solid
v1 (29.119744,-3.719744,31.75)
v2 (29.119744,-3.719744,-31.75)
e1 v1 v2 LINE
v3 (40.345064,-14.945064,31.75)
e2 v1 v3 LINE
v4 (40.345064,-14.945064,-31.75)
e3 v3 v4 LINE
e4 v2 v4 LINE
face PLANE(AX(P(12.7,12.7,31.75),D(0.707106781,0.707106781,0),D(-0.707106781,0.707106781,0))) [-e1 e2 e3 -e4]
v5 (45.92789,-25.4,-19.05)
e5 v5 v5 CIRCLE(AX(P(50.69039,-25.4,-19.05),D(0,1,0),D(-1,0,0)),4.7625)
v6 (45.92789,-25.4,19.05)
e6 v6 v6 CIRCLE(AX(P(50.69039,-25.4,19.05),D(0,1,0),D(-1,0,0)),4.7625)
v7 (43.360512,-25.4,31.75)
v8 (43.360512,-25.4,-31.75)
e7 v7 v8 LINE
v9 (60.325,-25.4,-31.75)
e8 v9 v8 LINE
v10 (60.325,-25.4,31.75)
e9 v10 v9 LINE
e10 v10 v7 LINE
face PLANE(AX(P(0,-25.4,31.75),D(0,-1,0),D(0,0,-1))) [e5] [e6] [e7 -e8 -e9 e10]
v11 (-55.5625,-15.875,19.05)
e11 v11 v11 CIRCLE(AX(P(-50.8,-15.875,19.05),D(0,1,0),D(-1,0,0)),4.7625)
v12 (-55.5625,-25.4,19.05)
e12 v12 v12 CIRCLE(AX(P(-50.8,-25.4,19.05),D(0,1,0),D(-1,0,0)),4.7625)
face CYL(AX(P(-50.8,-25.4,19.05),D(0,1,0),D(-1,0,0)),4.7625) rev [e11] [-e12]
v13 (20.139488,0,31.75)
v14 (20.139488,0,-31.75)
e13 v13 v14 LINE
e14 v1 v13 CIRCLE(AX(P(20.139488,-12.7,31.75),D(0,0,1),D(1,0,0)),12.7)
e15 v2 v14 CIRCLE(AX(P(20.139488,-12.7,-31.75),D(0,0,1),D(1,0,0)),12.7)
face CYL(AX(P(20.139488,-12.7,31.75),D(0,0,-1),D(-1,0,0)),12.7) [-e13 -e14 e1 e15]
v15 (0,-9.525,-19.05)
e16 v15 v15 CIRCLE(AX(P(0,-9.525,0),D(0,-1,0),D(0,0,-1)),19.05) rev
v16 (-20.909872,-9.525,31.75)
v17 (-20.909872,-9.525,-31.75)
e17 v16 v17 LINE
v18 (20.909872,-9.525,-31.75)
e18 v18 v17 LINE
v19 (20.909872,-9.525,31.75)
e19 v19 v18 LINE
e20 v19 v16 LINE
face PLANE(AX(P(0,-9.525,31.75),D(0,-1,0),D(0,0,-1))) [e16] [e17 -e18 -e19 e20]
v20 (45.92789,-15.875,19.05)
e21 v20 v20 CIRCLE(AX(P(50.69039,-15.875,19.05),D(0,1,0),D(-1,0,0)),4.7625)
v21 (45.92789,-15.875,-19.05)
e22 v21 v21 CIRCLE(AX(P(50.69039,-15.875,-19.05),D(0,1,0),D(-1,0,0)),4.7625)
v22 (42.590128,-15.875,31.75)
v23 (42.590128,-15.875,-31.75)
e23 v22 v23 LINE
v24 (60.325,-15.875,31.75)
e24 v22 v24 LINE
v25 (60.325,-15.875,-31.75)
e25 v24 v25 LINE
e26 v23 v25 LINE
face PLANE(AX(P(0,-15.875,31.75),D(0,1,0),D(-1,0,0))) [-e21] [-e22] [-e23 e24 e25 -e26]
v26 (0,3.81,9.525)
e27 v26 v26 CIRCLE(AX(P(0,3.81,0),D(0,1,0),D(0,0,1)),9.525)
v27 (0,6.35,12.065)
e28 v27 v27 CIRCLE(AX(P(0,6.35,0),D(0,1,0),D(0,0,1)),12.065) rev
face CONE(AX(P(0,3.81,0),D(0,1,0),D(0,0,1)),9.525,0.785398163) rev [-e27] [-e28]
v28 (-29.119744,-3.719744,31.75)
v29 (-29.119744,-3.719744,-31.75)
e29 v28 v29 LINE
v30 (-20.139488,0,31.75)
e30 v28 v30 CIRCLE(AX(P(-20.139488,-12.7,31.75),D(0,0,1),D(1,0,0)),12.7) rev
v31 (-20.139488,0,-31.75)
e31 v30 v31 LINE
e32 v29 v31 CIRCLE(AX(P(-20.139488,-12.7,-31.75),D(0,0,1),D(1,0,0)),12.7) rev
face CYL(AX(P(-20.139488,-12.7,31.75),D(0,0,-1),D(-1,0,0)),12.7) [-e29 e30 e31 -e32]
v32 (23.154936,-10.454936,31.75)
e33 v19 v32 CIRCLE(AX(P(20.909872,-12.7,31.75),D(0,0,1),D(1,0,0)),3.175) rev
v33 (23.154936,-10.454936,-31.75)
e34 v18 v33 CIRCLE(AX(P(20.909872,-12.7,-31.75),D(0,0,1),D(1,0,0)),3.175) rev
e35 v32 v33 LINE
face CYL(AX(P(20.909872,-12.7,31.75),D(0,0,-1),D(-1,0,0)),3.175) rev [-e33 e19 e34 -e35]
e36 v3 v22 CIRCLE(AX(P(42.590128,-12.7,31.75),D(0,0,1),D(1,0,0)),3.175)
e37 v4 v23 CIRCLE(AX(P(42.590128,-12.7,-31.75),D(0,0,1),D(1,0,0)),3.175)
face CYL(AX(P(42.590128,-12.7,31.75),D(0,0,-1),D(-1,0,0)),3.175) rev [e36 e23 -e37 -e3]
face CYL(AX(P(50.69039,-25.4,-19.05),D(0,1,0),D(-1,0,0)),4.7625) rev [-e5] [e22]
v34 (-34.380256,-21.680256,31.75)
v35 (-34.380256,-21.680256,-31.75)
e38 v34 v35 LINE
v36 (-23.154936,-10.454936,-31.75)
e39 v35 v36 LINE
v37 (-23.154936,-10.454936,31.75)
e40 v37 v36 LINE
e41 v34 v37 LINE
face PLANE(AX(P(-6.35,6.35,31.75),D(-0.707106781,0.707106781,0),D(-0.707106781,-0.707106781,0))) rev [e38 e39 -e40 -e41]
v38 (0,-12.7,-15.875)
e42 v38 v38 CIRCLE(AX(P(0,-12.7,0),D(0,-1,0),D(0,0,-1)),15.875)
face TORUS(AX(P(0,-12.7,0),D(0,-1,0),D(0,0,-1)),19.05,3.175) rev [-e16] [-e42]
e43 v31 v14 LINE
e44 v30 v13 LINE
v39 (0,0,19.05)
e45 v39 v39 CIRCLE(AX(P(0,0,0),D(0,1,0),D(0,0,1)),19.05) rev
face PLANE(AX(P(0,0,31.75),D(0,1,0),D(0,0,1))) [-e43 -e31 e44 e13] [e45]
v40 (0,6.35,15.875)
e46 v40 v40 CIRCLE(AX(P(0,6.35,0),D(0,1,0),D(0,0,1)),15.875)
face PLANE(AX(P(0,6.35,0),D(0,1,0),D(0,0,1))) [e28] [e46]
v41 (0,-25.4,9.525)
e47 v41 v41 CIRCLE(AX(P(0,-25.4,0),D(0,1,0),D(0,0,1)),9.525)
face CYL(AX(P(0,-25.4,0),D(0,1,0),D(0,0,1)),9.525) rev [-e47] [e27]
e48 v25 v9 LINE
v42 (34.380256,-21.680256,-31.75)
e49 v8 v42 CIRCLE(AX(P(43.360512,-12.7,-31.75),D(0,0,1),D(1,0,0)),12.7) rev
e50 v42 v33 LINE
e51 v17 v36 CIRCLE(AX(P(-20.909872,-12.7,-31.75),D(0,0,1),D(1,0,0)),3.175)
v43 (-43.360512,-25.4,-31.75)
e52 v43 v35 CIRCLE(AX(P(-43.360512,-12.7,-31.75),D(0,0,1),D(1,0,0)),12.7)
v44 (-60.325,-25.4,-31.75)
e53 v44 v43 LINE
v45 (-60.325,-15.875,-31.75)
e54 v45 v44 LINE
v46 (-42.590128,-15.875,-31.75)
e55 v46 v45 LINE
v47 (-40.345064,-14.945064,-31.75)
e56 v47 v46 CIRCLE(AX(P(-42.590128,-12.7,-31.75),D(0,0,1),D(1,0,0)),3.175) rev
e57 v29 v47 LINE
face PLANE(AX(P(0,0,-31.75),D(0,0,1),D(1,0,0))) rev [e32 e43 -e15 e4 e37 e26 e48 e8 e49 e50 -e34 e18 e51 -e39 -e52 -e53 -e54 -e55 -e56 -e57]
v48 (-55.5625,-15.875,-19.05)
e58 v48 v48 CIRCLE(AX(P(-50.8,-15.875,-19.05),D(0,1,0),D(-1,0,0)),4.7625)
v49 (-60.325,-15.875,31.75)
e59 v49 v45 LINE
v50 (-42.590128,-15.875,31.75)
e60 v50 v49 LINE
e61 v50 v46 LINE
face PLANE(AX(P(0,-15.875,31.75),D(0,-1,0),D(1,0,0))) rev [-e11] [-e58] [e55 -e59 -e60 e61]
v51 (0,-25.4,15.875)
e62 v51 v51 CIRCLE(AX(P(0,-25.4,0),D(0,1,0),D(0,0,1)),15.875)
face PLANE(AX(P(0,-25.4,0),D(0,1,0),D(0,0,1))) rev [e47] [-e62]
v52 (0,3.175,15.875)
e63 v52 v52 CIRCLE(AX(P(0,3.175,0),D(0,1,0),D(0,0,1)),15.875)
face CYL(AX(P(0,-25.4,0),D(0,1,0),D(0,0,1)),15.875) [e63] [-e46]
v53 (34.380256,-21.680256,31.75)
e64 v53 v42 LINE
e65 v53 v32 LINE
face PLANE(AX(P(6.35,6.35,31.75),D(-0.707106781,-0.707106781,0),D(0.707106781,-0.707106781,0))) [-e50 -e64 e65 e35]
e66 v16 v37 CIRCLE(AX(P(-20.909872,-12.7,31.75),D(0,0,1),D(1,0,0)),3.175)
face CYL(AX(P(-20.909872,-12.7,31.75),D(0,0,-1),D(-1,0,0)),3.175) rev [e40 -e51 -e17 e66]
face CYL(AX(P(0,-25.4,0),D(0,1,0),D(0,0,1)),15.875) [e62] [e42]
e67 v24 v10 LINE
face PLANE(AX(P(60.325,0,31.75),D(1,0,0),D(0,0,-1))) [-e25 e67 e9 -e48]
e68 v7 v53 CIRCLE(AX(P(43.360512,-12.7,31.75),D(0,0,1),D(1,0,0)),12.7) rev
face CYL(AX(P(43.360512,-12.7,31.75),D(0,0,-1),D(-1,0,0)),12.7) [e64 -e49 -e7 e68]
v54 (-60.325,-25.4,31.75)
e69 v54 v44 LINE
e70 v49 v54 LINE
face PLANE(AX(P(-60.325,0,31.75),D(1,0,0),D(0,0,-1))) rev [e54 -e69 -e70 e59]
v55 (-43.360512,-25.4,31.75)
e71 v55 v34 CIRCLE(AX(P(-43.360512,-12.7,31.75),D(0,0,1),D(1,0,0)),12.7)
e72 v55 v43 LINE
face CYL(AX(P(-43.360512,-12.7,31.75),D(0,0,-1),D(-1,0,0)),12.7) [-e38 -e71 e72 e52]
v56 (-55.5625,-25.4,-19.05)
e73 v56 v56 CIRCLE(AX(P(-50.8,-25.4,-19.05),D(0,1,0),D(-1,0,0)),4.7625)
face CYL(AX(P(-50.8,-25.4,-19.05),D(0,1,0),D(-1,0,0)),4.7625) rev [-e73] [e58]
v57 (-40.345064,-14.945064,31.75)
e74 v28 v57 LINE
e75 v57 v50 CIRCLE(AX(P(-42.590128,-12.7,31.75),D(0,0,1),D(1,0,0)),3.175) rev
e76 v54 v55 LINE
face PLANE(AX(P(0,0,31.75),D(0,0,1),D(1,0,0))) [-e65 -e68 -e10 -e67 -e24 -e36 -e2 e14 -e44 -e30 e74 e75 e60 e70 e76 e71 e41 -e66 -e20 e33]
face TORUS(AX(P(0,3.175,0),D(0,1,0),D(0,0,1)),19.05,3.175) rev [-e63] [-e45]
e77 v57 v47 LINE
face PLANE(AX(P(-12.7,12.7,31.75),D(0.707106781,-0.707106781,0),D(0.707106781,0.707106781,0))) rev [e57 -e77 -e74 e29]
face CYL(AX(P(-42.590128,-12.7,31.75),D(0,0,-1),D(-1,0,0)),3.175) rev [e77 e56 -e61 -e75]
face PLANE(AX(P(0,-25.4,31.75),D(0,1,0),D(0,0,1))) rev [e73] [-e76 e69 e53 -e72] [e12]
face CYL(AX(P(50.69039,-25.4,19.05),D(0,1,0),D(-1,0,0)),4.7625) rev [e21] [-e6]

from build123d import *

# Parameters (mm, degrees)
BASE_DEPTH            = 31.75
ROUND_BOSS_DEPTH      = 6.35
ROUND_BOSS_DEPTH_BACK = 25.4
SKETCH2_R             = 15.875
SKETCH3_R             = 9.525
CENTER_HOLE_DEPTH     = 76.201267443
FILLET1_R             = 3.175
CHAMFER1_SIZE         = 2.54
SKETCH4_R             = 4.7625
RIVET_HOLES_DEPTH     = 72.701595171


with BuildPart() as part:
    # Sketch1 → Base (new, symmetric)
    with BuildSketch(Plane.XY):
        with BuildLine():
            Line((0, 0), (-20.139487758, 0))
            ThreePointArc((-20.139487758, 0), (-24.999567349, -0.966729937), (-29.119743879, -3.719743879))
            Line((-29.119743879, -3.719743879), (-40.34506403, -14.94506403))
            ThreePointArc((-40.34506403, -14.94506403), (-41.375108163, -15.633317516), (-42.590128061, -15.875))
            Line((-42.590128061, -15.875), (-60.325, -15.875))
            Line((-60.325, -15.875), (-60.325, -25.4))
            Line((-60.325, -25.4), (-43.360512242, -25.4))
            ThreePointArc((-43.360512242, -25.4), (-38.500432651, -24.433270063), (-34.380256121, -21.680256121))
            Line((-34.380256121, -21.680256121), (-23.15493597, -10.45493597))
            ThreePointArc((-23.15493597, -10.45493597), (-22.124891837, -9.766682484), (-20.909871939, -9.525))
            Line((-20.909871939, -9.525), (0, -9.525))
            Line((0, -9.525), (0, 0))
        make_face()
        with BuildLine():
            Line((20.139487758, 0), (0, 0))
            Line((0, 0), (0, -9.525))
            Line((0, -9.525), (20.909871939, -9.525))
            ThreePointArc((20.909871939, -9.525), (22.124891837, -9.766682484), (23.15493597, -10.45493597))
            Line((23.15493597, -10.45493597), (34.380256121, -21.680256121))
            ThreePointArc((34.380256121, -21.680256121), (38.500432651, -24.433270063), (43.360512242, -25.4))
            Line((43.360512242, -25.4), (60.325, -25.4))
            Line((60.325, -25.4), (60.325, -15.875))
            Line((60.325, -15.875), (42.590128061, -15.875))
            ThreePointArc((42.590128061, -15.875), (41.375108163, -15.633317516), (40.34506403, -14.94506403))
            Line((40.34506403, -14.94506403), (29.119743879, -3.719743879))
            ThreePointArc((29.119743879, -3.719743879), (24.999567349, -0.966729937), (20.139487758, 0))
        make_face()
    extrude(amount=BASE_DEPTH, both=True)

    # Sketch2 → Round Boss (add, two sides: drawn at the far end of the back side and taken through both)
    with BuildSketch(Plane(origin=(0, 0, 0), x_dir=(1, 0, 0), z_dir=(0, 1, 0)).offset(-ROUND_BOSS_DEPTH_BACK)):
        with Locations(Location((0, 0, 0), (0, 0, 270))):
            Circle(SKETCH2_R)
    extrude(amount=ROUND_BOSS_DEPTH + ROUND_BOSS_DEPTH_BACK)

    # Sketch3 → Center Hole (cut, through all)
    with BuildSketch(Plane(origin=(0, 6.35, 0), x_dir=(1, 0, 0), z_dir=(0, 1, 0))):
        with Locations(Location((0, 0, 0), (0, 0, 270))):
            Circle(SKETCH3_R)
    extrude(amount=-CENTER_HOLE_DEPTH, mode=Mode.SUBTRACT)

    # Fillet1
    fillet1_edges = [part.edges().sort_by_distance(p)[0] for p in [
        (0, 0, -15.875),
        (0, -9.525, -15.875),
    ]]
    fillet(fillet1_edges, radius=FILLET1_R)

    # Chamfer1
    chamfer1_edges = [part.edges().sort_by_distance(p)[0] for p in [
        (0, 6.35, -9.525),
    ]]
    chamfer(chamfer1_edges, length=CHAMFER1_SIZE)

    # Sketch4 → Rivet Holes (cut, through all)
    with BuildSketch(Plane(origin=(0, -15.875, 0), x_dir=(1, 0, 0), z_dir=(0, 1, 0))):
        with Locations(Location((-50.8, 19.05, 0), (0, 0, 180))):
            Circle(SKETCH4_R)
        with Locations(Location((-50.8, -19.05, 0), (0, 0, 180))):
            Circle(SKETCH4_R)
        with Locations(Location((50.690390268, -19.05, 0), (0, 0, 180))):
            Circle(SKETCH4_R)
        with Locations(Location((50.690390268, 19.05, 0), (0, 0, 180))):
            Circle(SKETCH4_R)
    extrude(amount=-RIVET_HOLES_DEPTH, mode=Mode.SUBTRACT)


solid = part.part
